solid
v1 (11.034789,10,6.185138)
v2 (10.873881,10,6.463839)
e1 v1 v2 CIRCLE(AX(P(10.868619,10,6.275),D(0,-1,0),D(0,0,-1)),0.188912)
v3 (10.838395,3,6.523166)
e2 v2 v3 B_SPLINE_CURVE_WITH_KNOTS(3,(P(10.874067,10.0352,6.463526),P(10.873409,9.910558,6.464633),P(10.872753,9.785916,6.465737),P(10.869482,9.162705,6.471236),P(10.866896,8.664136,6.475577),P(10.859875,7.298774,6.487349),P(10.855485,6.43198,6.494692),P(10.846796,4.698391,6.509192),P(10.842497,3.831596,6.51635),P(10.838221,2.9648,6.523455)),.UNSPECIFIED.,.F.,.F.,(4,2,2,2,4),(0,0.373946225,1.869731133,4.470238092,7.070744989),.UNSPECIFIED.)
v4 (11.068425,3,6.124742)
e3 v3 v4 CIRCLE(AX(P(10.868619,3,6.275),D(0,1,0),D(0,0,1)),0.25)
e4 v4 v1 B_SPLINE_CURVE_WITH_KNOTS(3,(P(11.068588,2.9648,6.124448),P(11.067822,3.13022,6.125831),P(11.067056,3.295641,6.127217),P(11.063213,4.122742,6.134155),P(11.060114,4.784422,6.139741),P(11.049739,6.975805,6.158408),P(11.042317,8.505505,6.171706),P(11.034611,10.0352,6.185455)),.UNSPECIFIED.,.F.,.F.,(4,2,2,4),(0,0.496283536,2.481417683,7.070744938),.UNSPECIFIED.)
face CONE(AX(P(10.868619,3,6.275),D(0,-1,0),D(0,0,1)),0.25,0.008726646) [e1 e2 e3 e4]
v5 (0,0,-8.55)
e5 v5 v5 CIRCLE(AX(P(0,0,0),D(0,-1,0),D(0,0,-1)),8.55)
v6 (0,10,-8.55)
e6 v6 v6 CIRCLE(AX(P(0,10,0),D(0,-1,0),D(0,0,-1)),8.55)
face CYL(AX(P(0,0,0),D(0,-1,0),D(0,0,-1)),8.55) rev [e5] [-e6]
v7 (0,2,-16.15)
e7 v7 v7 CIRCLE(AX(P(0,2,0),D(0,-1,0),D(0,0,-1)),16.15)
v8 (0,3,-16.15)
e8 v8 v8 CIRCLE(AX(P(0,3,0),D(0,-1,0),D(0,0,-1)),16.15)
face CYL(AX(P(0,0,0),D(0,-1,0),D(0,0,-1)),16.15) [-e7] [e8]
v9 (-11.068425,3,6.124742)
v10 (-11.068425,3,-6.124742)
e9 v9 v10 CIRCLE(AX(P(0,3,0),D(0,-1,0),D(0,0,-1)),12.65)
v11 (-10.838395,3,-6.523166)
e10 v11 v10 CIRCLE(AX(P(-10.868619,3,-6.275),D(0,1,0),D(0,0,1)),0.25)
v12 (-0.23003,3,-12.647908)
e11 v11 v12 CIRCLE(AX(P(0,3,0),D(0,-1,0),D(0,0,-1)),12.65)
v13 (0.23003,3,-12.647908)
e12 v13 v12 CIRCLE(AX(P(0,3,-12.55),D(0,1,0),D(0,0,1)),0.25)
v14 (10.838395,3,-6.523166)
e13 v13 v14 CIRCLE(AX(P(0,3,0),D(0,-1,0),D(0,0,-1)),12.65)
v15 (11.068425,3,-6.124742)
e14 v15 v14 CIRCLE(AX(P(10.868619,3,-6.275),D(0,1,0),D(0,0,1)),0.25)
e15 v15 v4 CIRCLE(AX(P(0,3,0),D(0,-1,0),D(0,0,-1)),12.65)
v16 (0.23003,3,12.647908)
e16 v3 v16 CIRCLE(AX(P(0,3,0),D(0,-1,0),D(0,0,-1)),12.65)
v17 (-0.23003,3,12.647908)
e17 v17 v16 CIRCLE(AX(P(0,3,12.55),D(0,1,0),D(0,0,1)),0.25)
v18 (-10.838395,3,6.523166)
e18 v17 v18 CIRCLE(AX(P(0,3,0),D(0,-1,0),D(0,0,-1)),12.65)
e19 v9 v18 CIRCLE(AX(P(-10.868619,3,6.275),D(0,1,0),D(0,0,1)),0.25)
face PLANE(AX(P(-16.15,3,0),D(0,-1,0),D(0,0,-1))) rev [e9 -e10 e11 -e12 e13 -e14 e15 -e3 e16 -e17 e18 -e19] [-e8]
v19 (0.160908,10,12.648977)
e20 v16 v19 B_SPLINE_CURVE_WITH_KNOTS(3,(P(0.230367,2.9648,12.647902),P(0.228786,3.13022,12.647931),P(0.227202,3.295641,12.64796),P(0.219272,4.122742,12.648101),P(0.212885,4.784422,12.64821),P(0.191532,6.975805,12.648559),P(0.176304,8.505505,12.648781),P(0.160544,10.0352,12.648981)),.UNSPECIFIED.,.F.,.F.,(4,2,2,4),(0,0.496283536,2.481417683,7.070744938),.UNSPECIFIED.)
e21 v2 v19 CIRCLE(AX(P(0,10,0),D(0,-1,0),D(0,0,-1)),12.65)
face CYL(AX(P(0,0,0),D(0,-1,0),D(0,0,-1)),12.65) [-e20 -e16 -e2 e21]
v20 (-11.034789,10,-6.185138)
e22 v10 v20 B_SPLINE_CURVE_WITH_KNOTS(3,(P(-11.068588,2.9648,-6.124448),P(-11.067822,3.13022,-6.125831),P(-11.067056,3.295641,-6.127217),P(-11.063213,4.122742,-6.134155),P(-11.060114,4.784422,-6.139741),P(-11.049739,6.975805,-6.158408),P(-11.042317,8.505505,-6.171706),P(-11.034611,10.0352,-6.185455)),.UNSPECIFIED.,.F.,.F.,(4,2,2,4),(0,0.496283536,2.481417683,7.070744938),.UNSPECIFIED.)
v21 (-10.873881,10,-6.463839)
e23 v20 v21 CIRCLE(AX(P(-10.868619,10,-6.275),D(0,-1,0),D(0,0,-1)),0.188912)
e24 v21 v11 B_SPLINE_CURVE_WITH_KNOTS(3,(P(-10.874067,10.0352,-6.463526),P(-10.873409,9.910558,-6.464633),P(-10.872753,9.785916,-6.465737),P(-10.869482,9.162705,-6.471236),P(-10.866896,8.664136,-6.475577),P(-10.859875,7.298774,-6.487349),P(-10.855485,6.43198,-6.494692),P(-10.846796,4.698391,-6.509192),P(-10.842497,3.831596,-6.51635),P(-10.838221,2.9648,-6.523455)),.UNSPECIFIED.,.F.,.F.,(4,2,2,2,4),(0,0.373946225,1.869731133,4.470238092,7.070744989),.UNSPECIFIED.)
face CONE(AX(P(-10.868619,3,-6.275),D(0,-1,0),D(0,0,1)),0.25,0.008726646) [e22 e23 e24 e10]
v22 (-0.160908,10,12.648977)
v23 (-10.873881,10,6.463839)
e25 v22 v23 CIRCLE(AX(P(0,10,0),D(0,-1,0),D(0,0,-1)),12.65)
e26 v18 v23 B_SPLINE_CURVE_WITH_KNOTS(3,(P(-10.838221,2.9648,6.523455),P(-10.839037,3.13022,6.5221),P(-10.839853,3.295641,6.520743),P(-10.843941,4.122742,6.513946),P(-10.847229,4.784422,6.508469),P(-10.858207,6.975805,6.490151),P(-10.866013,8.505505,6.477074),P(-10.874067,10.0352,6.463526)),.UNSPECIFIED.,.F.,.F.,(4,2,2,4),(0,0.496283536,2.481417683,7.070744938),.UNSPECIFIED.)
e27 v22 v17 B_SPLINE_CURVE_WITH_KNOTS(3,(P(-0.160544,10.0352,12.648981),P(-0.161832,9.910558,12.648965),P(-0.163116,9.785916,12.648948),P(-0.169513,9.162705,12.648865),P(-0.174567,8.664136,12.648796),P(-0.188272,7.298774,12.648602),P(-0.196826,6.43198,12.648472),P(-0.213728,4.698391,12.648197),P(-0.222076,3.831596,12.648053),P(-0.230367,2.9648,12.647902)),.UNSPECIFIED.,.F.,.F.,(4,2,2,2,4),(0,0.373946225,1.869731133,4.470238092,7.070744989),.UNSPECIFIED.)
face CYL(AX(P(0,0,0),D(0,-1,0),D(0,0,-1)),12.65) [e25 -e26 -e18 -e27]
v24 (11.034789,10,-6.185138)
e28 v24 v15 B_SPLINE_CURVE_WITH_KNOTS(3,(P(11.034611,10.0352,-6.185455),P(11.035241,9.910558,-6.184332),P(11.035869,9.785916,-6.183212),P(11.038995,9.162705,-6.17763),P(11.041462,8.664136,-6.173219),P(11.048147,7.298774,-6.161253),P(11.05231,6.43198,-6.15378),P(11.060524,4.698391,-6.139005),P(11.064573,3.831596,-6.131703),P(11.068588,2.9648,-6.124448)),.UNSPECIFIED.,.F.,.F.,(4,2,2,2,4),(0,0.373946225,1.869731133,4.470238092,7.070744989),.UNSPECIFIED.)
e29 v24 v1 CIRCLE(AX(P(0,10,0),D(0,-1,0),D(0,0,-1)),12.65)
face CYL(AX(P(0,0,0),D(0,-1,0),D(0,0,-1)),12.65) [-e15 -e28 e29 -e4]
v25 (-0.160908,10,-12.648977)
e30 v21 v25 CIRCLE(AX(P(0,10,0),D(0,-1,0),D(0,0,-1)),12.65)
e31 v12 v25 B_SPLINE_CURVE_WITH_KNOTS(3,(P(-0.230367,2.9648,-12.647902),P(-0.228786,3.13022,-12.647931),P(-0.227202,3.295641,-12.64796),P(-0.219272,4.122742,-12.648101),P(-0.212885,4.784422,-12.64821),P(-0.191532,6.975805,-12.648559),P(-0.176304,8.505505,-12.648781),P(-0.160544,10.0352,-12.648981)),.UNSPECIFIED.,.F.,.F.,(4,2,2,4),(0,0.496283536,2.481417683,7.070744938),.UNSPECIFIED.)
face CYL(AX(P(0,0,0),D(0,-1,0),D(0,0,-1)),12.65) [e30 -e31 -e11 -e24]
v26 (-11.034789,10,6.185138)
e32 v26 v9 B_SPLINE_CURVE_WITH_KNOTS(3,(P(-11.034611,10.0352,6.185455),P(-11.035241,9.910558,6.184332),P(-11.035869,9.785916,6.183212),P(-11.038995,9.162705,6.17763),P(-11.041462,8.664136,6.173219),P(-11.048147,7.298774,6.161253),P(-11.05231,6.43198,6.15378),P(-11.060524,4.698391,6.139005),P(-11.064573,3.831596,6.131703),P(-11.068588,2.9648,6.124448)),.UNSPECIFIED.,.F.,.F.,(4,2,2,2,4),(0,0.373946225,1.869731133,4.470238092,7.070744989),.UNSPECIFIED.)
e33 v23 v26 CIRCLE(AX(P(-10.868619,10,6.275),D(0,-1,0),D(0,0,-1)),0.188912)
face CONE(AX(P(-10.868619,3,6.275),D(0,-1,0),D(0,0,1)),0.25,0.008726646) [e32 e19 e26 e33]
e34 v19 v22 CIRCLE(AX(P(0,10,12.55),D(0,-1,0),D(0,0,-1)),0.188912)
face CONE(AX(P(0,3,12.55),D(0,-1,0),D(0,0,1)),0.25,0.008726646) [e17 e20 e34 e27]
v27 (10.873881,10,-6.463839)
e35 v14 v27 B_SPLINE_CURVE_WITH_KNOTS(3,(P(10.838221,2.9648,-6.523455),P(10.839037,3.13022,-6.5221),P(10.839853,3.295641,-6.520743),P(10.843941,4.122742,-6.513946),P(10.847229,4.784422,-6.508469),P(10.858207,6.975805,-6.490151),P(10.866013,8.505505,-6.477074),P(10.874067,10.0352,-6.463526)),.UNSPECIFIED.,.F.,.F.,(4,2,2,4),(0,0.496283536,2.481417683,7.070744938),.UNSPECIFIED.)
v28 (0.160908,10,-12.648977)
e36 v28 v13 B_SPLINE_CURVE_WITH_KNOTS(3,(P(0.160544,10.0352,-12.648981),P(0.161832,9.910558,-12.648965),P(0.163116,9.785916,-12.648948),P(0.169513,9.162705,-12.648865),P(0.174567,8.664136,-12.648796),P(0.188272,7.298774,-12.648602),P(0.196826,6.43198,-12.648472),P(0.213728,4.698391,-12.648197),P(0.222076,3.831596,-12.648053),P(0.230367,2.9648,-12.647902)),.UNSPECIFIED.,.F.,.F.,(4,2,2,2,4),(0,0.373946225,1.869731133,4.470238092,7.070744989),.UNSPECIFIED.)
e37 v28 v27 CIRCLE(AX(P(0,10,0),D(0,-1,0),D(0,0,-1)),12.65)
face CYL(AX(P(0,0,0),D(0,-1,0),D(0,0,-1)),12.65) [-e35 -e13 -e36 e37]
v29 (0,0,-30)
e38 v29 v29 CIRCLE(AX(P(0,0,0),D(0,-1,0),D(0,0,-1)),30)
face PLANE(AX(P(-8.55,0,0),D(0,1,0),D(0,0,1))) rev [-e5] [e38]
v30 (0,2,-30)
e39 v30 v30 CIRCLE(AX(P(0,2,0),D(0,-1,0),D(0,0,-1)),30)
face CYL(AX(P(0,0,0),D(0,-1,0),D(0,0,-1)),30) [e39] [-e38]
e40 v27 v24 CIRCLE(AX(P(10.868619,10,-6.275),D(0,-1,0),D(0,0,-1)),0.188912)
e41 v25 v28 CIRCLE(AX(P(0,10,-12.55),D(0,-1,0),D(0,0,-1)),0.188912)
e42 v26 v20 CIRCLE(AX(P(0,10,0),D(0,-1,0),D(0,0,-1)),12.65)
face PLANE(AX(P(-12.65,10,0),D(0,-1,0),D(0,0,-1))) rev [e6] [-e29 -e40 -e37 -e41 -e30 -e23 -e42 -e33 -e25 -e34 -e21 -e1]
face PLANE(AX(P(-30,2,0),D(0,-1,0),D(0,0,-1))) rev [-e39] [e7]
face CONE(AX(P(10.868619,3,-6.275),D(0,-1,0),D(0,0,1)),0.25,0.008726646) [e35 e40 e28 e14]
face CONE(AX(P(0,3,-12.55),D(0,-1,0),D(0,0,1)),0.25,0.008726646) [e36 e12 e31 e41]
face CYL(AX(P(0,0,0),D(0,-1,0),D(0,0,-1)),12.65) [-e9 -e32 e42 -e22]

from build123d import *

# Parameters (mm, degrees)
SKETCH3_R                     = 0.25
BOSS_EXTRUDE1_DEPTH           = 7
BOSS_EXTRUDE1_DRAFT           = 0.5
BOSS_EXTRUDE1_PROFILE_2_DEPTH = 7
BOSS_EXTRUDE1_PROFILE_2_DRAFT = 0.5
BOSS_EXTRUDE1_PROFILE_3_DEPTH = 7
BOSS_EXTRUDE1_PROFILE_3_DRAFT = 0.5
BOSS_EXTRUDE1_PROFILE_4_DEPTH = 7
BOSS_EXTRUDE1_PROFILE_4_DRAFT = 0.5
BOSS_EXTRUDE1_PROFILE_5_DEPTH = 7
BOSS_EXTRUDE1_PROFILE_5_DRAFT = 0.5
BOSS_EXTRUDE1_PROFILE_6_DEPTH = 7
BOSS_EXTRUDE1_PROFILE_6_DRAFT = 0.5


with BuildPart() as part:
    # Sketch2 → Revolve1 (revolve)
    with BuildSketch(Plane.XY, mode=Mode.PRIVATE) as revolve1_sk:
        Polygon((-8.55, 0), (-30, 0), (-30, 2), (-16.15, 2), (-16.15, 3), (-12.65, 3), (-12.65, 10), (-8.55, 10), align=None)
    revolve(revolve1_sk.sketch.rotate(Axis((0, 0, 0), (0, 1, 0)), 270), axis=Axis((0, 0, 0), (0, 1, 0)))


with BuildPart() as boss_extrude1_tool:
    # Sketch3 → Boss-Extrude1 (with draft: the straight prism first)
    with BuildSketch(Plane(origin=(0, 3, 0), x_dir=(1, 0, 0), z_dir=(0, 1, 0))):
        with Locations((0, 12.55)):
            Circle(SKETCH3_R)
    extrude(amount=BOSS_EXTRUDE1_DEPTH)
    # Boss-Extrude1: the draft: its side faces are tilted about the plane it starts from
    boss_extrude1_sides = [boss_extrude1_tool.faces().sort_by_distance(p)[0] for p in [
        (-0.25, 6.5, -12.55),
    ]]
    draft(boss_extrude1_sides, Plane(origin=(0, 3, 0), x_dir=(1, 0, 0), z_dir=(0, 1, 0)), BOSS_EXTRUDE1_DRAFT)


with BuildPart() as part_1:
    add(part.part)

    # Boss-Extrude1: add boss_extrude1_tool
    add(boss_extrude1_tool.part)


with BuildPart() as boss_extrude1_profile_2_tool:
    # Sketch3 → Boss-Extrude1 profile 2 (with draft: the straight prism first)
    with BuildSketch(Plane(origin=(0, 3, 0), x_dir=(1, 0, 0), z_dir=(0, 1, 0))):
        with Locations((10.868618817, 6.275)):
            Circle(SKETCH3_R)
    extrude(amount=BOSS_EXTRUDE1_PROFILE_2_DEPTH)
    # Boss-Extrude1 profile 2: the draft: its side faces are tilted about the plane it starts from
    boss_extrude1_profile_2_sides = [boss_extrude1_profile_2_tool.faces().sort_by_distance(p)[0] for p in [
        (10.618618817, 6.5, -6.275),
    ]]
    draft(boss_extrude1_profile_2_sides, Plane(origin=(0, 3, 0), x_dir=(1, 0, 0), z_dir=(0, 1, 0)), BOSS_EXTRUDE1_PROFILE_2_DRAFT)


with BuildPart() as part_2:
    add(part_1.part)

    # Boss-Extrude1 profile 2: add boss_extrude1_profile_2_tool
    add(boss_extrude1_profile_2_tool.part)


with BuildPart() as boss_extrude1_profile_3_tool:
    # Sketch3 → Boss-Extrude1 profile 3 (with draft: the straight prism first)
    with BuildSketch(Plane(origin=(0, 3, 0), x_dir=(1, 0, 0), z_dir=(0, 1, 0))):
        with Locations((10.868618817, -6.275)):
            Circle(SKETCH3_R)
    extrude(amount=BOSS_EXTRUDE1_PROFILE_3_DEPTH)
    # Boss-Extrude1 profile 3: the draft: its side faces are tilted about the plane it starts from
    boss_extrude1_profile_3_sides = [boss_extrude1_profile_3_tool.faces().sort_by_distance(p)[0] for p in [
        (10.618618817, 6.5, 6.275),
    ]]
    draft(boss_extrude1_profile_3_sides, Plane(origin=(0, 3, 0), x_dir=(1, 0, 0), z_dir=(0, 1, 0)), BOSS_EXTRUDE1_PROFILE_3_DRAFT)


with BuildPart() as part_3:
    add(part_2.part)

    # Boss-Extrude1 profile 3: add boss_extrude1_profile_3_tool
    add(boss_extrude1_profile_3_tool.part)


with BuildPart() as boss_extrude1_profile_4_tool:
    # Sketch3 → Boss-Extrude1 profile 4 (with draft: the straight prism first)
    with BuildSketch(Plane(origin=(0, 3, 0), x_dir=(1, 0, 0), z_dir=(0, 1, 0))):
        with Locations((0, -12.55)):
            Circle(SKETCH3_R)
    extrude(amount=BOSS_EXTRUDE1_PROFILE_4_DEPTH)
    # Boss-Extrude1 profile 4: the draft: its side faces are tilted about the plane it starts from
    boss_extrude1_profile_4_sides = [boss_extrude1_profile_4_tool.faces().sort_by_distance(p)[0] for p in [
        (-0.25, 6.5, 12.55),
    ]]
    draft(boss_extrude1_profile_4_sides, Plane(origin=(0, 3, 0), x_dir=(1, 0, 0), z_dir=(0, 1, 0)), BOSS_EXTRUDE1_PROFILE_4_DRAFT)


with BuildPart() as part_4:
    add(part_3.part)

    # Boss-Extrude1 profile 4: add boss_extrude1_profile_4_tool
    add(boss_extrude1_profile_4_tool.part)


with BuildPart() as boss_extrude1_profile_5_tool:
    # Sketch3 → Boss-Extrude1 profile 5 (with draft: the straight prism first)
    with BuildSketch(Plane(origin=(0, 3, 0), x_dir=(1, 0, 0), z_dir=(0, 1, 0))):
        with Locations((-10.868618817, -6.275)):
            Circle(SKETCH3_R)
    extrude(amount=BOSS_EXTRUDE1_PROFILE_5_DEPTH)
    # Boss-Extrude1 profile 5: the draft: its side faces are tilted about the plane it starts from
    boss_extrude1_profile_5_sides = [boss_extrude1_profile_5_tool.faces().sort_by_distance(p)[0] for p in [
        (-11.118618817, 6.5, 6.275),
    ]]
    draft(boss_extrude1_profile_5_sides, Plane(origin=(0, 3, 0), x_dir=(1, 0, 0), z_dir=(0, 1, 0)), BOSS_EXTRUDE1_PROFILE_5_DRAFT)


with BuildPart() as part_5:
    add(part_4.part)

    # Boss-Extrude1 profile 5: add boss_extrude1_profile_5_tool
    add(boss_extrude1_profile_5_tool.part)


with BuildPart() as boss_extrude1_profile_6_tool:
    # Sketch3 → Boss-Extrude1 profile 6 (with draft: the straight prism first)
    with BuildSketch(Plane(origin=(0, 3, 0), x_dir=(1, 0, 0), z_dir=(0, 1, 0))):
        with Locations((-10.868618817, 6.275)):
            Circle(SKETCH3_R)
    extrude(amount=BOSS_EXTRUDE1_PROFILE_6_DEPTH)
    # Boss-Extrude1 profile 6: the draft: its side faces are tilted about the plane it starts from
    boss_extrude1_profile_6_sides = [boss_extrude1_profile_6_tool.faces().sort_by_distance(p)[0] for p in [
        (-11.118618817, 6.5, -6.275),
    ]]
    draft(boss_extrude1_profile_6_sides, Plane(origin=(0, 3, 0), x_dir=(1, 0, 0), z_dir=(0, 1, 0)), BOSS_EXTRUDE1_PROFILE_6_DRAFT)


with BuildPart() as part_6:
    add(part_5.part)

    # Boss-Extrude1 profile 6: add boss_extrude1_profile_6_tool
    add(boss_extrude1_profile_6_tool.part)


solid = part_6.part
